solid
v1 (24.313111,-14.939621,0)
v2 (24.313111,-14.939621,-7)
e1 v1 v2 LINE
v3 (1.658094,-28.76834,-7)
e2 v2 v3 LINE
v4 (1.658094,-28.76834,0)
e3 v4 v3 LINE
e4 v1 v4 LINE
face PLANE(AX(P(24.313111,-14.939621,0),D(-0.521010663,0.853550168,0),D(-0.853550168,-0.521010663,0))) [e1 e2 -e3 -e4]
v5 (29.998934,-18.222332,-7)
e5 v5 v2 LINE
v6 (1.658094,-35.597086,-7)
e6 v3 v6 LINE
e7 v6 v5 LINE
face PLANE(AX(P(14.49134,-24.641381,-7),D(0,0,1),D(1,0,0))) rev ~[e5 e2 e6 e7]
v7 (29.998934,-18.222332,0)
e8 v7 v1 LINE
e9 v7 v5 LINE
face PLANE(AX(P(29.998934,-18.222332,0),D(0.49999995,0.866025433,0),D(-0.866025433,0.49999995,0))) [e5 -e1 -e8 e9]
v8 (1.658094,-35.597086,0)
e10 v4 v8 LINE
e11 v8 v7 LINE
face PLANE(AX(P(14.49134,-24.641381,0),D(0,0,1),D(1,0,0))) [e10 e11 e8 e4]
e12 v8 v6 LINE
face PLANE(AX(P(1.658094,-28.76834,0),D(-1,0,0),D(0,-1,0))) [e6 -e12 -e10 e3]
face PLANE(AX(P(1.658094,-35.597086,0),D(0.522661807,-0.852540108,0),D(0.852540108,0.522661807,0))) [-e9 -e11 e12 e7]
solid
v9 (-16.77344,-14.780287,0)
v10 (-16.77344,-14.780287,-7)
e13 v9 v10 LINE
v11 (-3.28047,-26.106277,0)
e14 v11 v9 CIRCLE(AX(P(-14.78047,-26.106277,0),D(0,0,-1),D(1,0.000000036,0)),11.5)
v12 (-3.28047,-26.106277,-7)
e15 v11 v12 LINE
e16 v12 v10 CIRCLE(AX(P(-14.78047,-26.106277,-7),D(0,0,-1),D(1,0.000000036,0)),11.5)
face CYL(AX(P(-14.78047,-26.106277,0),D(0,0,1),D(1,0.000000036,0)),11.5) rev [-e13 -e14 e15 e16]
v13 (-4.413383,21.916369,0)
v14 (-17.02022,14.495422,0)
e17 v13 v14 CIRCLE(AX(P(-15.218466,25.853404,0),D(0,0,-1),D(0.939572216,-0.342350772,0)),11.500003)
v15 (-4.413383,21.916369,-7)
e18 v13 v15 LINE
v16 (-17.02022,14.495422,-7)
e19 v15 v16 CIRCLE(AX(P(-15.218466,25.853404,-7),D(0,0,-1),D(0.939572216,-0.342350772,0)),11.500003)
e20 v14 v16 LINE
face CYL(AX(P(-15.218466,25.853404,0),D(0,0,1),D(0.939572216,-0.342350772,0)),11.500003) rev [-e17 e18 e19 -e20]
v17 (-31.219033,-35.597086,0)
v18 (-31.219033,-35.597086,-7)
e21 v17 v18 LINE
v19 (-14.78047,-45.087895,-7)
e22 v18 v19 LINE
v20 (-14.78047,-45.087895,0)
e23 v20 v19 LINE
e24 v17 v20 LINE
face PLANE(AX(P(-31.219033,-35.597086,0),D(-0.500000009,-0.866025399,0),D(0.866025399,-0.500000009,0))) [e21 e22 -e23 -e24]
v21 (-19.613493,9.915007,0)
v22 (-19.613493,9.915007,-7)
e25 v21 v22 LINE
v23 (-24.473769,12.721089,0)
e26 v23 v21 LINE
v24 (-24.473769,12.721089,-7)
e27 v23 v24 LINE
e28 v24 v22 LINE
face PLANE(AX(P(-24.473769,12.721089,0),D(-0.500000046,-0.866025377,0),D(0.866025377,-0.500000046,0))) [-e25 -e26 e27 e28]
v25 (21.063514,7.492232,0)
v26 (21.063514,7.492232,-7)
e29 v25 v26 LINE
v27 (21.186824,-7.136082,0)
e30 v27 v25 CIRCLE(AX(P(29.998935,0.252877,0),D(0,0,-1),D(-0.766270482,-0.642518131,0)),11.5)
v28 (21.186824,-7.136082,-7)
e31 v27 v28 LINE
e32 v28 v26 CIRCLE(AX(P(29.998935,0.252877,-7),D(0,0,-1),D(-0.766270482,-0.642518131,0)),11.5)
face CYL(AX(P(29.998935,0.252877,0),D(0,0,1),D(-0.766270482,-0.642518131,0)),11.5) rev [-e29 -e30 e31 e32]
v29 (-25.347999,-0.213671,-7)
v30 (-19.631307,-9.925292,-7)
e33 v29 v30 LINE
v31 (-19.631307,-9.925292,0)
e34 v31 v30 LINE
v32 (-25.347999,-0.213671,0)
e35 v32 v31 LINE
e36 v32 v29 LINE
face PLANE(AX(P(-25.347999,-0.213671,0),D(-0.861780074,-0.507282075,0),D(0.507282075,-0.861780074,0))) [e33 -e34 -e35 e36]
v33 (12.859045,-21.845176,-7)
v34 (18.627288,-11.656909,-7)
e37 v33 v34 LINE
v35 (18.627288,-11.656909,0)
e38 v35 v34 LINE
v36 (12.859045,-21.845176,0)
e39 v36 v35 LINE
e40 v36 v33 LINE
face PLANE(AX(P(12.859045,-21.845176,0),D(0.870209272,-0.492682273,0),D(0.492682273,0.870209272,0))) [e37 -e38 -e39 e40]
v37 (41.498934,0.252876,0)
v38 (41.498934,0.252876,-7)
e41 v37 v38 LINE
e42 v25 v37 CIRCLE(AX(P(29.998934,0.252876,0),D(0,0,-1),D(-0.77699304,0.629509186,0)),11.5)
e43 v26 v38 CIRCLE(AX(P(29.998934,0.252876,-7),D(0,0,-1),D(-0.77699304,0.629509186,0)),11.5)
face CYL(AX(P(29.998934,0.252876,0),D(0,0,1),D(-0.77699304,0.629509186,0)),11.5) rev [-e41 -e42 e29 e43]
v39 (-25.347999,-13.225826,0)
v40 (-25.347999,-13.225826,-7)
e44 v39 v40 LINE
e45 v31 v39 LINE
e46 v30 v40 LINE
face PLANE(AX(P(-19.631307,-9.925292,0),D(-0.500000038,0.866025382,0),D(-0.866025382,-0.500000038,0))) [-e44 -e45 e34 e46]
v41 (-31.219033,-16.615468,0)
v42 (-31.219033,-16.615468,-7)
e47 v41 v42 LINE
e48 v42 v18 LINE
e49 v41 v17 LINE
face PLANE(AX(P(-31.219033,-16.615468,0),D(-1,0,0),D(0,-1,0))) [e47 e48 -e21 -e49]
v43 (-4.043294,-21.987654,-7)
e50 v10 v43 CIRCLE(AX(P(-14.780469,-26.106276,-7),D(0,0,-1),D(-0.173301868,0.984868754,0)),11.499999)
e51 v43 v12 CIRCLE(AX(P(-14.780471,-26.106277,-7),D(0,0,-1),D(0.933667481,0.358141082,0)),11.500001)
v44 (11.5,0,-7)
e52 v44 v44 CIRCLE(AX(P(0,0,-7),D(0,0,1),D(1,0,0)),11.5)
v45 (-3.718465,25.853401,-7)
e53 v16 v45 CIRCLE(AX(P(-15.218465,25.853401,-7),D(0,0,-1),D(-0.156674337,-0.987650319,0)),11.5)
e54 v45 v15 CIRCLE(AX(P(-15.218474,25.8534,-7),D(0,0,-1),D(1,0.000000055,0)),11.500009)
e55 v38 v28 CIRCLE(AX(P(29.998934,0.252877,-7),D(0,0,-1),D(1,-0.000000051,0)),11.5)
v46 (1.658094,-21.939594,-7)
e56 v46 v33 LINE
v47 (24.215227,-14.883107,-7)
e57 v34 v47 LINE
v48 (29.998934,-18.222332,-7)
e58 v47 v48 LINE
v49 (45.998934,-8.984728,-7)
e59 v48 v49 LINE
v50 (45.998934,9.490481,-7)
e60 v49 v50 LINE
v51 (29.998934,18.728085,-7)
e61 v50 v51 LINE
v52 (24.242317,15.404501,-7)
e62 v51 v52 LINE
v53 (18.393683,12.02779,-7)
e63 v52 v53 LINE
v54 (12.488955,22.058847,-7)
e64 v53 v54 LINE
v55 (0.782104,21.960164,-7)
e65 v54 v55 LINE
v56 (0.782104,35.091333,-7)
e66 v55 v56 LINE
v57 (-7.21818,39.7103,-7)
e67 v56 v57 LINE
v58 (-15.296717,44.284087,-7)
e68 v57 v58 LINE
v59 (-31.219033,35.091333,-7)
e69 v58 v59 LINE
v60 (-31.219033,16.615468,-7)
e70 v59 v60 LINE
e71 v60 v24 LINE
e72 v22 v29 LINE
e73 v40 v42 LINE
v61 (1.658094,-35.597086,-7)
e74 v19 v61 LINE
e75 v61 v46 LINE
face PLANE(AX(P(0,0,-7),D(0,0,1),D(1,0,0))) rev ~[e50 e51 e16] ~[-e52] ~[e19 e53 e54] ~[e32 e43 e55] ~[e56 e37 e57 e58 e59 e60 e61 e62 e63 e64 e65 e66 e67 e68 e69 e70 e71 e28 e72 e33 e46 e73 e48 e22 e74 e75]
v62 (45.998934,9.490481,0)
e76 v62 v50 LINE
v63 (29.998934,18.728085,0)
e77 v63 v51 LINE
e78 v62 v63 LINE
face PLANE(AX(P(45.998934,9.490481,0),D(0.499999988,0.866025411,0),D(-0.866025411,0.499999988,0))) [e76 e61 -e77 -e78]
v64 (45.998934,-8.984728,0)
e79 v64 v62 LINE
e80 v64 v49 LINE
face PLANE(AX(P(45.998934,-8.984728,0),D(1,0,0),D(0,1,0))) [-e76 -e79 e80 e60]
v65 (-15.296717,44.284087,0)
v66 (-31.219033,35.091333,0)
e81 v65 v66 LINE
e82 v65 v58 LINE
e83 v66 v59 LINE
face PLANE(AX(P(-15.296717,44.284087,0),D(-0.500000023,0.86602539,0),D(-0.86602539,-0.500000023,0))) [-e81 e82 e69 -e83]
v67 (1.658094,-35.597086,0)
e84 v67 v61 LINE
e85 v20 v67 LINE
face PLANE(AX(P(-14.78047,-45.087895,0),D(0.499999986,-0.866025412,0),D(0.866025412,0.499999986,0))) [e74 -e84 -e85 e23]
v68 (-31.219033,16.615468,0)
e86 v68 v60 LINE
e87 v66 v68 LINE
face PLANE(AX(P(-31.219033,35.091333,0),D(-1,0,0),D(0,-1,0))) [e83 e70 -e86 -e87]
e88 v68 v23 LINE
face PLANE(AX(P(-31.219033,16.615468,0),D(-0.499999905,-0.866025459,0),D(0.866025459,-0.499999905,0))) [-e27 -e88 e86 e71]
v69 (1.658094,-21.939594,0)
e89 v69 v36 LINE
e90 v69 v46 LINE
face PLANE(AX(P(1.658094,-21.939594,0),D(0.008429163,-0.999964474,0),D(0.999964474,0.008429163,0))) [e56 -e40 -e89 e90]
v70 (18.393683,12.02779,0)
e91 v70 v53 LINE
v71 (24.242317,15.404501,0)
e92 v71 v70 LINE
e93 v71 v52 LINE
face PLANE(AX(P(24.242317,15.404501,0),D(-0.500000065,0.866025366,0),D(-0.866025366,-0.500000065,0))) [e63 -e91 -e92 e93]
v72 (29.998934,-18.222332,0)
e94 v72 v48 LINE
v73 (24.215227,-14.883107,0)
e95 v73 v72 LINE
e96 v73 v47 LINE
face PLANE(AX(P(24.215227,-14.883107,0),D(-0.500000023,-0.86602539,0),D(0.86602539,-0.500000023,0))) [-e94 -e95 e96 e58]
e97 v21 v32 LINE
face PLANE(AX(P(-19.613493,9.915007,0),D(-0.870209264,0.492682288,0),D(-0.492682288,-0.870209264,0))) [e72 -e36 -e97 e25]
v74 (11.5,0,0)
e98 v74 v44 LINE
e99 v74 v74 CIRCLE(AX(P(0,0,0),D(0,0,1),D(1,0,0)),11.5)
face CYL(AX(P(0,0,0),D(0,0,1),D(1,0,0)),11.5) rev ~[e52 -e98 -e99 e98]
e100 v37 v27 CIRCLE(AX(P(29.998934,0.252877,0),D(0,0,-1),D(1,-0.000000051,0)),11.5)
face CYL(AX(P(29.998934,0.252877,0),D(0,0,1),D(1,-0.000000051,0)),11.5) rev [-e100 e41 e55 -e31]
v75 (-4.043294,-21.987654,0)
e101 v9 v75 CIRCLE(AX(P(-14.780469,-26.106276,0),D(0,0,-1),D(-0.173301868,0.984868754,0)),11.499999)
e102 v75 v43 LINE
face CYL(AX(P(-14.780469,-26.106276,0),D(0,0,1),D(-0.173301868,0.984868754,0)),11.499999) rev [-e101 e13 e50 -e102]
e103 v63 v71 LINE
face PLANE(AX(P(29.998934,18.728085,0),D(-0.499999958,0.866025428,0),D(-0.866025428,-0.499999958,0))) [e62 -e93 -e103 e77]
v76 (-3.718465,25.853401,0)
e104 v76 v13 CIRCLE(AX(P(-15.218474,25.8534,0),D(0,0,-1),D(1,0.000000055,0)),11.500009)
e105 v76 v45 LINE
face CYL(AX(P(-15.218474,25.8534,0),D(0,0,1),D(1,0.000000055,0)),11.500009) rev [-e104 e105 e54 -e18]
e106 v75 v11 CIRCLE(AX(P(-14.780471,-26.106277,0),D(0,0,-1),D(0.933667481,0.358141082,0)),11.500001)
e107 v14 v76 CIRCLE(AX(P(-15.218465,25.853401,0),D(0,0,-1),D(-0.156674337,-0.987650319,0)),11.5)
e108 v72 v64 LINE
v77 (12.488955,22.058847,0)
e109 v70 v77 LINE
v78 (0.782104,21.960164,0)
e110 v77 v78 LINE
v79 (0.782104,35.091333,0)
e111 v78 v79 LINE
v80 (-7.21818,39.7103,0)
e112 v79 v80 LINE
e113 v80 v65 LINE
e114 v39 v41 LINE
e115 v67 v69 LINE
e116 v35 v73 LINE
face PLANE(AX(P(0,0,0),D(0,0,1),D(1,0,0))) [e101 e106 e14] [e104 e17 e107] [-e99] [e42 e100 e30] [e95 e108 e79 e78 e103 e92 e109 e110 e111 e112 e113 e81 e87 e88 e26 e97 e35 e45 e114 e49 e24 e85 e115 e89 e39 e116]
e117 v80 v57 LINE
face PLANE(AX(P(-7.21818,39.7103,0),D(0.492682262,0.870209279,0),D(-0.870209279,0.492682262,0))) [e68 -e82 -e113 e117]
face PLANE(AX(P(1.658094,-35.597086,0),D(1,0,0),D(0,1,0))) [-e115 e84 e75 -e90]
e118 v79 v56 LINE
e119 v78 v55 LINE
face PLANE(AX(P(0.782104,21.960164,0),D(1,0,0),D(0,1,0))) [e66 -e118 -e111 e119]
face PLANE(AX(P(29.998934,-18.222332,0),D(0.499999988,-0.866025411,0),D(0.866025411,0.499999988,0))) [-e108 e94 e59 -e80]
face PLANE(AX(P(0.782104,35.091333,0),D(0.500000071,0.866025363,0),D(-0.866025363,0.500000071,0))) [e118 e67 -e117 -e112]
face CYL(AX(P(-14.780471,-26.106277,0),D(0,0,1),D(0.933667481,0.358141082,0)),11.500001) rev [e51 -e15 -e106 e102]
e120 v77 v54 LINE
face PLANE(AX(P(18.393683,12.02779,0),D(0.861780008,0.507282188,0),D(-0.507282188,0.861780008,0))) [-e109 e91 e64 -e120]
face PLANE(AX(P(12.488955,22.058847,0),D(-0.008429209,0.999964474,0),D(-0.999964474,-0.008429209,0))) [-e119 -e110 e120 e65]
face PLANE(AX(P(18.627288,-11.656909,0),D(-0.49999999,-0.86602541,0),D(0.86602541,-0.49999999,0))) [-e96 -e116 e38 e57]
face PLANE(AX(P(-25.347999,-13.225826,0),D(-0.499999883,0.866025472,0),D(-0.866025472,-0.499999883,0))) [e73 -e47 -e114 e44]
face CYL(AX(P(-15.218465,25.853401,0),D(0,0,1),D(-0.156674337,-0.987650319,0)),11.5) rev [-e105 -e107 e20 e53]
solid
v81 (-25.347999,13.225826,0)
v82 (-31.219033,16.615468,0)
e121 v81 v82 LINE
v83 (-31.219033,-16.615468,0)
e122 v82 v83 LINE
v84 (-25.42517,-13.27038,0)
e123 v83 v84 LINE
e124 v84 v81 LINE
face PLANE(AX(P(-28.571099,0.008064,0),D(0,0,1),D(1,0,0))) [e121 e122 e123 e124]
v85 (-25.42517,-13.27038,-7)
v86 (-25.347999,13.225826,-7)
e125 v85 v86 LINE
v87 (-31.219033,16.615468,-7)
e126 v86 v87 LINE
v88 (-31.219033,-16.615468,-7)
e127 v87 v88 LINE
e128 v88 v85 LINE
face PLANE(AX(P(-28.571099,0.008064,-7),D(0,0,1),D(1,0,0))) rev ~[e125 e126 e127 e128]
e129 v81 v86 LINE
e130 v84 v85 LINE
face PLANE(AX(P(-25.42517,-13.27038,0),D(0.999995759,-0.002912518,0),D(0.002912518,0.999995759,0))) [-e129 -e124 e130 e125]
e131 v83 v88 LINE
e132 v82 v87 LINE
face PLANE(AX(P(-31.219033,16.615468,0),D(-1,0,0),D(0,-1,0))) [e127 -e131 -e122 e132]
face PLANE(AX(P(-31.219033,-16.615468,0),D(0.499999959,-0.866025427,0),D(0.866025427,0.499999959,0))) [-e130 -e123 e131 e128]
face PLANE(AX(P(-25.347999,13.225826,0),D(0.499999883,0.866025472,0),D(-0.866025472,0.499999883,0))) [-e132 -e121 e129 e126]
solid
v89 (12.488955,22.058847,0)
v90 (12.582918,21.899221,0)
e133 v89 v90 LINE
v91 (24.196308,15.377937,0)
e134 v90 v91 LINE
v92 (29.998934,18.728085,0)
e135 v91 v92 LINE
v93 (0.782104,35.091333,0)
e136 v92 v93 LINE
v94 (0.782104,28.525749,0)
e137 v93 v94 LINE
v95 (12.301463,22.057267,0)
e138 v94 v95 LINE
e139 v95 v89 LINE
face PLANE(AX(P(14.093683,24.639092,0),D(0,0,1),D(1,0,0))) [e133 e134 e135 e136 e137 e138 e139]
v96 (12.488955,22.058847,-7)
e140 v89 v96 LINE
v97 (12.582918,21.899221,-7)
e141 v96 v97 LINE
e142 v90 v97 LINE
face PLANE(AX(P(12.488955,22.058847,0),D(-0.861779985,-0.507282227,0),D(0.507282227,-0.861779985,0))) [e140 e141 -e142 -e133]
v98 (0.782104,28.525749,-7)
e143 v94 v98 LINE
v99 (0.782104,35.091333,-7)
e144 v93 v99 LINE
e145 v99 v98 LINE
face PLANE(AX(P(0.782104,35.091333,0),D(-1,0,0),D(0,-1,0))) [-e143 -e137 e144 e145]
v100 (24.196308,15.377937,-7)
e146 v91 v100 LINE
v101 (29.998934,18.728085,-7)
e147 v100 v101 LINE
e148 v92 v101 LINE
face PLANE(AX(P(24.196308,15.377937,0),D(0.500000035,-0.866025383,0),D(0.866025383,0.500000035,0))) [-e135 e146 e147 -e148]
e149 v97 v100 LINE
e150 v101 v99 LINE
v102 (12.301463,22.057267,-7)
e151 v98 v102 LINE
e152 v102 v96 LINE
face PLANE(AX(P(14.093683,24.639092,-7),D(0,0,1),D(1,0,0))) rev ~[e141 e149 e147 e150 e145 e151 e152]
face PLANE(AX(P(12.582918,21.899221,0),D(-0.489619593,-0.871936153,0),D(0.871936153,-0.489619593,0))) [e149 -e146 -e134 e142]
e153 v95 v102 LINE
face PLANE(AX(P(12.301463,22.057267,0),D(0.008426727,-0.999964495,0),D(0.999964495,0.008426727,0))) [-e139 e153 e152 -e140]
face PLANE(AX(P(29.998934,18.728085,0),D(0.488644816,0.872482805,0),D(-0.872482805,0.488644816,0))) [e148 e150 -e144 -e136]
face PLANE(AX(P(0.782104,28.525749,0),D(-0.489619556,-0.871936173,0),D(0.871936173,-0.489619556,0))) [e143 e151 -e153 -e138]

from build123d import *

# Parameters (mm, degrees)
F0_R     = 11.5
F1_DEPTH = 7
F3_DEPTH = 7


with BuildPart() as f1:
    # F0 (on Top) → F1 (new body)
    with BuildSketch(Plane.XY):
        with BuildLine():
            ThreePointArc((-4.413383, 21.916369), (-9.38472, 15.942931), (-17.02022, 14.495422))
            Line((-17.02022, 14.495422), (-19.613493, 9.915007))
            Line((-19.613493, 9.915007), (-25.347999, -0.213671))
            Line((-25.347999, -0.213671), (-19.631307, -9.925292))
            Line((-19.631307, -9.925292), (-16.77344, -14.780287))
            ThreePointArc((-16.77344, -14.780287), (-9.114623, -16.098871), (-4.043294, -21.987654))
            Line((-4.043294, -21.987654), (1.658094, -21.939594))
            Line((1.658094, -21.939594), (12.859045, -21.845176))
            Line((12.859045, -21.845176), (18.627288, -11.656909))
            Line((18.627288, -11.656909), (21.186824, -7.136082))
            ThreePointArc((21.186824, -7.136082), (18.499343, 0.15594), (21.063514, 7.492232))
            Line((21.063514, 7.492232), (18.393683, 12.02779))
            Line((18.393683, 12.02779), (12.488955, 22.058847))
            Line((12.488955, 22.058847), (0.782104, 21.960164))
            Line((0.782104, 21.960164), (-4.413383, 21.916369))
        make_face()
        Circle(F0_R, mode=Mode.SUBTRACT)
        with BuildLine():
            ThreePointArc((-17.02022, 14.495422), (-22.686055, 34.598977), (-3.718465, 25.853401))
            ThreePointArc((-3.718465, 25.853401), (-3.893527, 23.854455), (-4.413383, 21.916369))
            Line((-4.413383, 21.916369), (0.782104, 21.960164))
            Line((0.782104, 21.960164), (0.782104, 28.686861))
            Line((0.782104, 28.686861), (0.782104, 35.091333))
            Line((0.782104, 35.091333), (-7.21818, 39.7103))
            Line((-7.21818, 39.7103), (-15.296717, 44.284087))
            Line((-15.296717, 44.284087), (-31.219033, 35.091333))
            Line((-31.219033, 35.091333), (-31.219033, 16.615468))
            Line((-31.219033, 16.615468), (-24.473769, 12.721089))
            Line((-24.473769, 12.721089), (-19.613493, 9.915007))
            Line((-19.613493, 9.915007), (-17.02022, 14.495422))
        make_face()
        with BuildLine():
            Line((24.242317, 15.404501), (18.393683, 12.02779))
            Line((18.393683, 12.02779), (21.063514, 7.492232))
            ThreePointArc((21.063514, 7.492232), (33.83903, 11.092787), (41.498934, 0.252876))
            ThreePointArc((41.498934, 0.252876), (33.930265, -10.55428), (21.186824, -7.136082))
            Line((21.186824, -7.136082), (18.627288, -11.656909))
            Line((18.627288, -11.656909), (24.215227, -14.883107))
            Line((24.215227, -14.883107), (29.998934, -18.222332))
            Line((29.998934, -18.222332), (45.998934, -8.984728))
            Line((45.998934, -8.984728), (45.998934, 9.490481))
            Line((45.998934, 9.490481), (29.998934, 18.728085))
            Line((29.998934, 18.728085), (24.242317, 15.404501))
        make_face()
        with BuildLine():
            Line((-16.77344, -14.780287), (-19.631307, -9.925292))
            Line((-19.631307, -9.925292), (-25.347999, -13.225826))
            Line((-25.347999, -13.225826), (-31.219033, -16.615468))
            Line((-31.219033, -16.615468), (-31.219033, -35.597086))
            Line((-31.219033, -35.597086), (-14.78047, -45.087895))
            Line((-14.78047, -45.087895), (1.658094, -35.597086))
            Line((1.658094, -35.597086), (1.658094, -28.712078))
            Line((1.658094, -28.712078), (1.658094, -21.939594))
            Line((1.658094, -21.939594), (-4.043294, -21.987654))
            ThreePointArc((-4.043294, -21.987654), (-3.472784, -24.011942), (-3.28047, -26.106277))
            ThreePointArc((-3.28047, -26.106277), (-22.174076, -34.914488), (-16.77344, -14.780287))
        make_face()
    extrude(amount=-F1_DEPTH)


with BuildPart() as f3:
    # F2 (on face) → F3 (new body)
    with BuildSketch(Plane.XY):
        Polygon((-31.219033, 16.615468), (-31.219033, -16.615468), (-25.42517, -13.27038), (-25.347999, 13.225826), align=None)
        Polygon((24.196308, 15.377937), (29.998934, 18.728085), (0.782104, 35.091333), (0.782104, 28.525749), (12.301463, 22.057267), (12.488955, 22.058847), (12.582918, 21.899221), align=None)
        Polygon((1.658094, -28.76834), (1.658094, -35.597086), (29.998934, -18.222332), (24.313111, -14.939621), align=None)
    extrude(amount=-F3_DEPTH)


solid = Compound([f1.part, f3.part])
